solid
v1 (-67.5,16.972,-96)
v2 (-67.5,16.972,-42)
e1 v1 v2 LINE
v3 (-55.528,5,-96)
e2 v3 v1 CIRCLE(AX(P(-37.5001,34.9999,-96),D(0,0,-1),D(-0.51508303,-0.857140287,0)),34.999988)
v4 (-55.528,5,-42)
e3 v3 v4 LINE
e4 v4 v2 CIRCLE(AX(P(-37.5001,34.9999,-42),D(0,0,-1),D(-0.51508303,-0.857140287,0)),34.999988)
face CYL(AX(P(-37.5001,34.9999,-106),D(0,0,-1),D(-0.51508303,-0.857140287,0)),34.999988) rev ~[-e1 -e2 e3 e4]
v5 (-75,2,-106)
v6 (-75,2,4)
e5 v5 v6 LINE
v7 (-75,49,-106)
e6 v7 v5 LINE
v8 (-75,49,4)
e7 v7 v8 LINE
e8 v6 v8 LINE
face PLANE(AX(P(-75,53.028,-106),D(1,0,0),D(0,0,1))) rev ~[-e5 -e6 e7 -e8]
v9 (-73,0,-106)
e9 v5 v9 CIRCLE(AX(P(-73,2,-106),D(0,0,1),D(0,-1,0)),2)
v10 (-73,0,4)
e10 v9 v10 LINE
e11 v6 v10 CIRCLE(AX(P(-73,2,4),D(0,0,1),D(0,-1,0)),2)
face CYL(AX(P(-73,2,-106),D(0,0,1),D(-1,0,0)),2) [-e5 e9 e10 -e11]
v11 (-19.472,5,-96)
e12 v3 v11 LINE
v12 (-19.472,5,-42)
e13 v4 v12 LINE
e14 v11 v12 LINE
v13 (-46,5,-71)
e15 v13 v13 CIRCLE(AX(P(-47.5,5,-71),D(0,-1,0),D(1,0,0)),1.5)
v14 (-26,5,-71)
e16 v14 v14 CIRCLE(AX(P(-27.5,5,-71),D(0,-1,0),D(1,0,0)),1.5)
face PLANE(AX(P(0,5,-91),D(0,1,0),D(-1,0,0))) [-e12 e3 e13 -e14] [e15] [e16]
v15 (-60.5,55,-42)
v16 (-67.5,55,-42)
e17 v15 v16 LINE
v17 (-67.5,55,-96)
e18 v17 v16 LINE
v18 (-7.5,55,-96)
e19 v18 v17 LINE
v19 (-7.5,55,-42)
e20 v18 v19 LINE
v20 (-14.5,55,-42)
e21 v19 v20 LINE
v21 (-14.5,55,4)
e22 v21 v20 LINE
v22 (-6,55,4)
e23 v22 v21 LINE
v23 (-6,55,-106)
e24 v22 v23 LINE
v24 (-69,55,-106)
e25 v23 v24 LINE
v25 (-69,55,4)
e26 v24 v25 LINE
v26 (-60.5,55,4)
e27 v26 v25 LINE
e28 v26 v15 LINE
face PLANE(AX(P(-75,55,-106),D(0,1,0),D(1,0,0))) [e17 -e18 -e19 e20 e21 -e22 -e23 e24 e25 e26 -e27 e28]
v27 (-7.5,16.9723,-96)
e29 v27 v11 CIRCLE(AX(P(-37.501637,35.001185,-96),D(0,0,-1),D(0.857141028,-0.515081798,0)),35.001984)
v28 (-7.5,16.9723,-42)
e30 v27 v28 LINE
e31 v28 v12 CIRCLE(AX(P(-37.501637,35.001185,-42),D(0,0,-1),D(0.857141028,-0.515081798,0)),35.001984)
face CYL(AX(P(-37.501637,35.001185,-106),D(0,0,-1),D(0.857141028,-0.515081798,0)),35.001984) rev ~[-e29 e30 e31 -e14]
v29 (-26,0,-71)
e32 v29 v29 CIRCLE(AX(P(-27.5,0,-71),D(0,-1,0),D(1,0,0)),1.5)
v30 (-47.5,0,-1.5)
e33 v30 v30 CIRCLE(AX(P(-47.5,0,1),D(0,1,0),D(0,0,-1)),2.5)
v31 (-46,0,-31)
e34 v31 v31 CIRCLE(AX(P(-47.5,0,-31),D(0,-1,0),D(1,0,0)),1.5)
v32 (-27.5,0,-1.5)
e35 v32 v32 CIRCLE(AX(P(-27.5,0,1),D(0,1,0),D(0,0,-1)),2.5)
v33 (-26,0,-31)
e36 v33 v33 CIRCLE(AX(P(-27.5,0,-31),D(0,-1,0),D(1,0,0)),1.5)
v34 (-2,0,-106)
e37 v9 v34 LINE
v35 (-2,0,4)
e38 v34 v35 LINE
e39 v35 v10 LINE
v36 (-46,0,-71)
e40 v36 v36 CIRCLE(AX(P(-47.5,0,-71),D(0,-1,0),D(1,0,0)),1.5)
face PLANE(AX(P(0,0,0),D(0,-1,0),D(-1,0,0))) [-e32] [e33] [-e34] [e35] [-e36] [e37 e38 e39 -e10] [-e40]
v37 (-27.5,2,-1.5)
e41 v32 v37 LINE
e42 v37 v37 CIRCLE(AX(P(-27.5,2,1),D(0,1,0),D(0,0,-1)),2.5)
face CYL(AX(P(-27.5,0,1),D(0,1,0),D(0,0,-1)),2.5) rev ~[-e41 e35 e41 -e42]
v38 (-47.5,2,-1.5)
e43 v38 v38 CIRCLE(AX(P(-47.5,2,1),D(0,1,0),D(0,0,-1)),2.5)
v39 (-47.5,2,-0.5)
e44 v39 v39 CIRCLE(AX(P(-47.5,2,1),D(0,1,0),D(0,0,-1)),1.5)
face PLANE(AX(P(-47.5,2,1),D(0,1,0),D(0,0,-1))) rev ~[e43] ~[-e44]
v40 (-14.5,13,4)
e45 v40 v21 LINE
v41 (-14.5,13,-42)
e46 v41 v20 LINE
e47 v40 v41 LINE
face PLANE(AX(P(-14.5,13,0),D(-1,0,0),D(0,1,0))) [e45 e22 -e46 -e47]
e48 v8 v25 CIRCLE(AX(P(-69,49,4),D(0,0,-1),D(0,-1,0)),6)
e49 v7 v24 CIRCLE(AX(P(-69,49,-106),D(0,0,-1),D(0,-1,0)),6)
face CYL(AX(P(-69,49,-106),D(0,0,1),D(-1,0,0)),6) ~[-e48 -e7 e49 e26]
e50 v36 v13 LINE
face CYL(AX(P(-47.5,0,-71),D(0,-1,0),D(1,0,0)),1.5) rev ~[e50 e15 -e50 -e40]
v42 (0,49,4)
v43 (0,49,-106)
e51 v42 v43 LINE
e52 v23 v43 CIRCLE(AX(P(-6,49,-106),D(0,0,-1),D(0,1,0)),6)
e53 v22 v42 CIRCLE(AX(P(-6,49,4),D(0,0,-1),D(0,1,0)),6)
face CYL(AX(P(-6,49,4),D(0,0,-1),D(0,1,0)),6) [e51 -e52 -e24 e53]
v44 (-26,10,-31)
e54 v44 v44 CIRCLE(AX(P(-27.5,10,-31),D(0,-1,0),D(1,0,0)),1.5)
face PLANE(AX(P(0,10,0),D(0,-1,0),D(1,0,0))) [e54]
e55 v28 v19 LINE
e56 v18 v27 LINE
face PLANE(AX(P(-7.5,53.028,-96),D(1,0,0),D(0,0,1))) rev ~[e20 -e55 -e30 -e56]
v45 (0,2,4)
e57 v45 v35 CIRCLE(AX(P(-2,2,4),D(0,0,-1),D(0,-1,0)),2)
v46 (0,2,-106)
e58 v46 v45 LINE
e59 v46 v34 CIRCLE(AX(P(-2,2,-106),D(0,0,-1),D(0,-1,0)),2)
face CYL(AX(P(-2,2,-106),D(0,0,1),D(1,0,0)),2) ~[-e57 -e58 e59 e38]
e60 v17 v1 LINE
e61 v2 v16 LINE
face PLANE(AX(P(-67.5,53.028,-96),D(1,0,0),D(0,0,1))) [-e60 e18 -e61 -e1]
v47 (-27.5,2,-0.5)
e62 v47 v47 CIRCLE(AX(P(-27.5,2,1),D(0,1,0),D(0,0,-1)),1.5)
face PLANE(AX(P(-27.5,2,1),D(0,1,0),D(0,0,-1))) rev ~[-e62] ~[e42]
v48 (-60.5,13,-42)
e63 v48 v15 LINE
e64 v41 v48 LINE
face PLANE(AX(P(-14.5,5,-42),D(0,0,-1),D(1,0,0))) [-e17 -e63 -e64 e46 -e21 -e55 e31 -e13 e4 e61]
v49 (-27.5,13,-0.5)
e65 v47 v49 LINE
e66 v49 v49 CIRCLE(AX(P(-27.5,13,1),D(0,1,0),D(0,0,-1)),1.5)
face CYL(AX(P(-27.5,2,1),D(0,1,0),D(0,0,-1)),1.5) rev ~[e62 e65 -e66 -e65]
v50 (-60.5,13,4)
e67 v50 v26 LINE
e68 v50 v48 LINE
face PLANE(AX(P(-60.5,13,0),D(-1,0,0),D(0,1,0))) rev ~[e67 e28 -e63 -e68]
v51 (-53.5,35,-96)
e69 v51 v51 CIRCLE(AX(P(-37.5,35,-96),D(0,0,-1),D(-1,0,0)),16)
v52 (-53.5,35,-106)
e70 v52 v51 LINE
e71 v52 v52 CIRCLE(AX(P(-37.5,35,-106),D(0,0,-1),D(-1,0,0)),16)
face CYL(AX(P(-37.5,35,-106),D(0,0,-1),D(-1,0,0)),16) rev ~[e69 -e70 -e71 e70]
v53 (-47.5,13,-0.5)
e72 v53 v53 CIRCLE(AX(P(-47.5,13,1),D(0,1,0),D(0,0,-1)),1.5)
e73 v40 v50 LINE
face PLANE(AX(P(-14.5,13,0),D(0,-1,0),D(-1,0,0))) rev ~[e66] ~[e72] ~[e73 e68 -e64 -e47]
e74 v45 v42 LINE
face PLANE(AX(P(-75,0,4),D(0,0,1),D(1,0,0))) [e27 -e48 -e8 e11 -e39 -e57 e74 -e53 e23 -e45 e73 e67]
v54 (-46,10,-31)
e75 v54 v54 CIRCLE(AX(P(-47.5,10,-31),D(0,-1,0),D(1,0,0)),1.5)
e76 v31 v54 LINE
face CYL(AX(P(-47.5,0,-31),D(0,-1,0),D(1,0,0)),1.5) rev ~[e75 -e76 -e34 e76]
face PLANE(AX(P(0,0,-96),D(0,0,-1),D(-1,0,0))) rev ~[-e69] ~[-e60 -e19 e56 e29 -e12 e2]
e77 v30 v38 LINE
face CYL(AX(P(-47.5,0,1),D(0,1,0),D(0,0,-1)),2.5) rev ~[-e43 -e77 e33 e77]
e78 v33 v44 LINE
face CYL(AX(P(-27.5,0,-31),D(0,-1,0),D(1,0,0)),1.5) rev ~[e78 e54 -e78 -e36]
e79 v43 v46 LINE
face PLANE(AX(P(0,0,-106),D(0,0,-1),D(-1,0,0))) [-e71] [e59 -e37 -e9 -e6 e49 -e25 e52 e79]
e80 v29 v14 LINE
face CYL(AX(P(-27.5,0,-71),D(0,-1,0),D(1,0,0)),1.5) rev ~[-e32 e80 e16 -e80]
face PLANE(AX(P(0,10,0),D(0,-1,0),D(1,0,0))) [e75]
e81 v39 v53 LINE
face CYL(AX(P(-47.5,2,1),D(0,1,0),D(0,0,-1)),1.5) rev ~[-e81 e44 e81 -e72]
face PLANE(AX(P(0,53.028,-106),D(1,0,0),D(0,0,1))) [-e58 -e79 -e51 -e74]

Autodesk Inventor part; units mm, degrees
ref_plane "YZ Plane" through (0, 0, 0) normal (1, 0, 0) x (0, 1, 0)
ref_plane "XZ Plane" through (0, 0, 0) normal (0, 1, 0) x (-1, 0, 0)
ref_plane "XY Plane" through (0, 0, 0) normal (0, 0, 1) x (1, 0, 0)
sketch "Sketch1" plane through (0, 0, 0) normal (0, 1, 0) x (-1, 0, 0)
  line L0 (0, 0) -> (75, 0)
  line L1 (75, 0) -> (75, -91)
  line L2 (75, -91) -> (0, -91)
  line L3 (0, -91) -> (0, 0)
  dimension "d0" = 75
  dimension "d1" = 91
extrude "Extrusion1" add sketch "Sketch1" along normal blind 5
sketch "Sketch2" plane through (0, 5, 0) normal (0, 1, 0) x (1, 0, 0)
  line L0 (-14.5, 42) -> (0, 42)
  line L1 (0, 0) -> (0, 91) projected
  line L2 (0, 42) -> (0, 0)
  line L3 (0, 0) -> (-14.5, 0)
  line L4 (0, 91) -> (-75, 91) projected
  line L5 (-60.5, 42) -> (-75, 42)
  line L6 (-75, 42) -> (-75, 0)
  line L7 (-75, 0) -> (-60.5, 0)
  line L8 (-60.5, 42) -> (-14.5, 42)
  line L9 (-14.5, 0) -> (-60.5, 0)
  line L10 (-75, 0) -> (0, 0) projected
extrude "Extrusion2" add sketch "Sketch2" along normal blind 8
sketch "Sketch3" plane through (0, 0, -91) normal (0, 0, -1) x (-1, 0, 0)
  line L0 (0, 5) -> (75, 5) projected
  line L1 (75, 0) -> (0, 0) projected
  line L2 (0, 5) -> (75, 5)
  line L3 (75, 5) -> (75, 0)
  line L4 (75, 0) -> (0, 0)
  line L5 (0, 0) -> (0, 5)
extrude "Extrusion3" add sketch "Sketch3" along normal blind 15
sketch "Sketch4" plane through (0, 13, 0) normal (0, 1, 0) x (1, 0, 0)
  line L0 (-14.5, 0) -> (-14.5, 42)
  line L1 (0, 42) -> (-75, 42) projected
  line L2 (-60.5, 0) -> (-60.5, 42)
  line L3 (-75, 0) -> (0, 0) projected
  line L4 (0, 0) -> (-14.5, 0)
  line L5 (-14.5, 0) -> (-14.5, 42)
  line L6 (-14.5, 42) -> (0, 42)
  line L7 (0, 42) -> (0, 0)
  line L8 (-60.5, 42) -> (-75, 42)
  line L9 (-75, 42) -> (-75, 0)
  line L10 (-75, 0) -> (-60.5, 0)
  line L11 (-60.5, 0) -> (-60.5, 42)
extrude "Extrusion4" add sketch "Sketch4" along normal blind 42 contours L0 L1 L7 L3 | L3 L9 L1 L2
sketch "Sketch5" plane through (0, 0, -106) normal (0, 0, -1) x (-1, 0, 0)
  line L0 (75, 5) -> (0, 5) projected
  line L1 (37.5, 5) -> (19.472, 5)
  line L2 (19.472, 5) -> (55.528, 5)
  line L3 (37.5, 5) -> (37.5, 35)
  line L4 (75, 0) -> (75, 55) projected
  line L5 (0, 5) -> (0, 55) projected
  line L6 (37.5, 35) -> (7.5, 35)
  line L7 (67.5, 35) -> (67.5, 16.972)
  line L8 (67.5, 35) -> (67.5, 53.028)
  arc A0 (55.528, 5) -> (67.5, 16.972) centre (37.5001, 34.9999) ccw
  line L9 (7.5, 35) -> (7.5, 53.028)
  line L10 (7.5, 35) -> (7.5, 16.9723)
  arc A1 (7.5, 16.9723) -> (19.472, 5) centre (37.5014, 35.001) ccw
  line L11 (67.5, 53.028) -> (75, 53.028)
  line L12 (75, 0) -> (0, 0) projected
  line L13 (75, 53.028) -> (75, 0)
  line L14 (75, 0) -> (0, 0)
  line L15 (0, 0) -> (0, 53.028)
  line L16 (7.5, 53.028) -> (0, 53.028)
  dimension "d18" = 18.028
  dimension "d19" = 36.056
  dimension "d20" = 30
  dimension "d21" = 30
  dimension "d22" = 30
  dimension "d23" = 18.028
  dimension "d24" = 18.028
  dimension "d25" = 35
extrude "Extrusion5" add sketch "Sketch5" against normal up to surface (64 mm away) contours L0 A0 L7 L8 L11 L4 | L0 L5 L16 L9 L10 A1
sketch "Sketch6" plane through (-75, 0, 0) normal (0, 0, 1) x (1, 0, 0)
  line L0 (0, 0) -> (0, 55) projected
  line L1 (75, 0) -> (0, 0) projected
  line L2 (0, 55) -> (0, 0)
  line L3 (0, 0) -> (75, 0)
  line L4 (75, 53.028) -> (75, 55) projected
  line L5 (75, 0) -> (75, 55)
  line L6 (75, 55) -> (60.5, 55) projected
  line L7 (75, 55) -> (60.5, 55)
  line L8 (60.5, 13) -> (60.5, 55) projected
  line L9 (60.5, 55) -> (60.5, 13)
  line L10 (60.5, 13) -> (14.5, 13) projected
  line L11 (60.5, 13) -> (14.5, 13)
  line L12 (14.5, 13) -> (14.5, 55) projected
  line L13 (14.5, 13) -> (14.5, 55)
  line L14 (14.5, 55) -> (0, 55)
extrude "Extrusion6" add sketch "Sketch6" along normal blind 4
sketch "Sketch8" plane through (0, 0, 0) normal (0, -1, 0) x (1, 0, 0)
  line L0 (-14.5, 4) -> (-60.5, 4) projected
  point P0 (0, 0)
  point P1 (-27.5, 1)
  point P2 (-47.5, 1)
hole "Hole2" at (-27.5, 0, 1) at (-47.5, 0, 1) direction (0, 1, 0) diameter 3 end through all counterbore diameter 5 counterbore depth 2
sketch "Sketch9" plane through (0, 55, 0) normal (0, 1, 0) x (1, 0, 0)
  point P0 (0, 0)
sketch "Sketch10" plane through (0, 5, 0) normal (0, 1, 0) x (1, 0, 0)
  line L0 (-67.5, 106) -> (-67.5, 42) projected
  line L1 (-7.5, 106) -> (-67.5, 106)
  line L2 (-67.5, 106) -> (-67.5, 96)
  line L3 (-67.5, 96) -> (-7.5, 96)
  line L4 (-7.5, 106) -> (-7.5, 42) projected
  line L5 (-7.5, 96) -> (-7.5, 106)
  point P0 (0, 0)
  dimension "d50" = 10
extrude "Extrusion7" add sketch "Sketch10" along normal up to surface (48.028 mm away)
sketch "Sketch11" plane through (0, 0, -106) normal (0, 0, -1) x (-1, 0, 0)
  line L0 (55.528, 5) -> (19.472, 5) projected
  circle A0 centre (37.5, 35) radius 16.5
  point P0 (0, 0)
  dimension "d56" = 33
extrude "Extrusion8" cut sketch "Sketch11" against normal through all
sketch "Sketch12" plane through (-75, 53.028, -106) normal (0, 1, 0) x (1, 0, 0)
  line L0 (75, -64) -> (67.5, -64) projected
  line L1 (75, 0) -> (75, -64) projected
  line L2 (75, -64) -> (75, 0)
  line L3 (75, 0) -> (0, 0) projected
  line L4 (75, 0) -> (0, 0)
  line L5 (7.5, -64) -> (0, -64) projected
  line L6 (0, 0) -> (0, -64)
  line L7 (7.5, -10) -> (7.5, -64) projected
  line L8 (0, -64) -> (7.5, -64)
  line L9 (7.5, -64) -> (7.5, -10)
  line L10 (67.5, -10) -> (7.5, -10) projected
  line L11 (7.5, -10) -> (67.5, -10)
  line L12 (67.5, -10) -> (67.5, -64) projected
  line L13 (67.5, -10) -> (67.5, -64)
  line L14 (67.5, -64) -> (75, -64)
  point P0 (75, -106)
extrude "Extrusion9" add sketch "Sketch12" along normal up to surface (1.972 mm away)
fillet "Fillet2" radius 2 2 edges at (0, 0, -51) (-75, 0, -51)
fillet "Fillet3" radius 6 2 edges at (0, 55, -51) (-75, 55, -51)
sketch "Sketch13" plane through (0, 0, 0) normal (0, -1, 0) x (1, 0, 0)
  line L0 (-2, 4) -> (-2, -106) projected
  line L1 (-73, -106) -> (-73, 4) projected
  circle A0 centre (-27.5, -31) radius 1.5
  circle A1 centre (-47.5, -31) radius 1.5
  circle A2 centre (-47.5, -71) radius 1.5
  circle A3 centre (-27.5, -71) radius 1.5
  point P0 (0, 0)
  dimension "d68" = 3
extrude "Extrusion10" cut sketch "Sketch13" against normal blind 10
sketch "Sketch14" plane through (0, 0, -106) normal (0, 0, -1) x (-1, 0, 0)
  circle A0 centre (37.5, 35) radius 16.5 projected
  circle A1 centre (37.5, 35) radius 16
  point P0 (0, 0)
  dimension "d71" = 32
extrude "Extrusion11" add sketch "Sketch14" against normal up to surface (10 mm away)
properties part number "Motor_Mount"
